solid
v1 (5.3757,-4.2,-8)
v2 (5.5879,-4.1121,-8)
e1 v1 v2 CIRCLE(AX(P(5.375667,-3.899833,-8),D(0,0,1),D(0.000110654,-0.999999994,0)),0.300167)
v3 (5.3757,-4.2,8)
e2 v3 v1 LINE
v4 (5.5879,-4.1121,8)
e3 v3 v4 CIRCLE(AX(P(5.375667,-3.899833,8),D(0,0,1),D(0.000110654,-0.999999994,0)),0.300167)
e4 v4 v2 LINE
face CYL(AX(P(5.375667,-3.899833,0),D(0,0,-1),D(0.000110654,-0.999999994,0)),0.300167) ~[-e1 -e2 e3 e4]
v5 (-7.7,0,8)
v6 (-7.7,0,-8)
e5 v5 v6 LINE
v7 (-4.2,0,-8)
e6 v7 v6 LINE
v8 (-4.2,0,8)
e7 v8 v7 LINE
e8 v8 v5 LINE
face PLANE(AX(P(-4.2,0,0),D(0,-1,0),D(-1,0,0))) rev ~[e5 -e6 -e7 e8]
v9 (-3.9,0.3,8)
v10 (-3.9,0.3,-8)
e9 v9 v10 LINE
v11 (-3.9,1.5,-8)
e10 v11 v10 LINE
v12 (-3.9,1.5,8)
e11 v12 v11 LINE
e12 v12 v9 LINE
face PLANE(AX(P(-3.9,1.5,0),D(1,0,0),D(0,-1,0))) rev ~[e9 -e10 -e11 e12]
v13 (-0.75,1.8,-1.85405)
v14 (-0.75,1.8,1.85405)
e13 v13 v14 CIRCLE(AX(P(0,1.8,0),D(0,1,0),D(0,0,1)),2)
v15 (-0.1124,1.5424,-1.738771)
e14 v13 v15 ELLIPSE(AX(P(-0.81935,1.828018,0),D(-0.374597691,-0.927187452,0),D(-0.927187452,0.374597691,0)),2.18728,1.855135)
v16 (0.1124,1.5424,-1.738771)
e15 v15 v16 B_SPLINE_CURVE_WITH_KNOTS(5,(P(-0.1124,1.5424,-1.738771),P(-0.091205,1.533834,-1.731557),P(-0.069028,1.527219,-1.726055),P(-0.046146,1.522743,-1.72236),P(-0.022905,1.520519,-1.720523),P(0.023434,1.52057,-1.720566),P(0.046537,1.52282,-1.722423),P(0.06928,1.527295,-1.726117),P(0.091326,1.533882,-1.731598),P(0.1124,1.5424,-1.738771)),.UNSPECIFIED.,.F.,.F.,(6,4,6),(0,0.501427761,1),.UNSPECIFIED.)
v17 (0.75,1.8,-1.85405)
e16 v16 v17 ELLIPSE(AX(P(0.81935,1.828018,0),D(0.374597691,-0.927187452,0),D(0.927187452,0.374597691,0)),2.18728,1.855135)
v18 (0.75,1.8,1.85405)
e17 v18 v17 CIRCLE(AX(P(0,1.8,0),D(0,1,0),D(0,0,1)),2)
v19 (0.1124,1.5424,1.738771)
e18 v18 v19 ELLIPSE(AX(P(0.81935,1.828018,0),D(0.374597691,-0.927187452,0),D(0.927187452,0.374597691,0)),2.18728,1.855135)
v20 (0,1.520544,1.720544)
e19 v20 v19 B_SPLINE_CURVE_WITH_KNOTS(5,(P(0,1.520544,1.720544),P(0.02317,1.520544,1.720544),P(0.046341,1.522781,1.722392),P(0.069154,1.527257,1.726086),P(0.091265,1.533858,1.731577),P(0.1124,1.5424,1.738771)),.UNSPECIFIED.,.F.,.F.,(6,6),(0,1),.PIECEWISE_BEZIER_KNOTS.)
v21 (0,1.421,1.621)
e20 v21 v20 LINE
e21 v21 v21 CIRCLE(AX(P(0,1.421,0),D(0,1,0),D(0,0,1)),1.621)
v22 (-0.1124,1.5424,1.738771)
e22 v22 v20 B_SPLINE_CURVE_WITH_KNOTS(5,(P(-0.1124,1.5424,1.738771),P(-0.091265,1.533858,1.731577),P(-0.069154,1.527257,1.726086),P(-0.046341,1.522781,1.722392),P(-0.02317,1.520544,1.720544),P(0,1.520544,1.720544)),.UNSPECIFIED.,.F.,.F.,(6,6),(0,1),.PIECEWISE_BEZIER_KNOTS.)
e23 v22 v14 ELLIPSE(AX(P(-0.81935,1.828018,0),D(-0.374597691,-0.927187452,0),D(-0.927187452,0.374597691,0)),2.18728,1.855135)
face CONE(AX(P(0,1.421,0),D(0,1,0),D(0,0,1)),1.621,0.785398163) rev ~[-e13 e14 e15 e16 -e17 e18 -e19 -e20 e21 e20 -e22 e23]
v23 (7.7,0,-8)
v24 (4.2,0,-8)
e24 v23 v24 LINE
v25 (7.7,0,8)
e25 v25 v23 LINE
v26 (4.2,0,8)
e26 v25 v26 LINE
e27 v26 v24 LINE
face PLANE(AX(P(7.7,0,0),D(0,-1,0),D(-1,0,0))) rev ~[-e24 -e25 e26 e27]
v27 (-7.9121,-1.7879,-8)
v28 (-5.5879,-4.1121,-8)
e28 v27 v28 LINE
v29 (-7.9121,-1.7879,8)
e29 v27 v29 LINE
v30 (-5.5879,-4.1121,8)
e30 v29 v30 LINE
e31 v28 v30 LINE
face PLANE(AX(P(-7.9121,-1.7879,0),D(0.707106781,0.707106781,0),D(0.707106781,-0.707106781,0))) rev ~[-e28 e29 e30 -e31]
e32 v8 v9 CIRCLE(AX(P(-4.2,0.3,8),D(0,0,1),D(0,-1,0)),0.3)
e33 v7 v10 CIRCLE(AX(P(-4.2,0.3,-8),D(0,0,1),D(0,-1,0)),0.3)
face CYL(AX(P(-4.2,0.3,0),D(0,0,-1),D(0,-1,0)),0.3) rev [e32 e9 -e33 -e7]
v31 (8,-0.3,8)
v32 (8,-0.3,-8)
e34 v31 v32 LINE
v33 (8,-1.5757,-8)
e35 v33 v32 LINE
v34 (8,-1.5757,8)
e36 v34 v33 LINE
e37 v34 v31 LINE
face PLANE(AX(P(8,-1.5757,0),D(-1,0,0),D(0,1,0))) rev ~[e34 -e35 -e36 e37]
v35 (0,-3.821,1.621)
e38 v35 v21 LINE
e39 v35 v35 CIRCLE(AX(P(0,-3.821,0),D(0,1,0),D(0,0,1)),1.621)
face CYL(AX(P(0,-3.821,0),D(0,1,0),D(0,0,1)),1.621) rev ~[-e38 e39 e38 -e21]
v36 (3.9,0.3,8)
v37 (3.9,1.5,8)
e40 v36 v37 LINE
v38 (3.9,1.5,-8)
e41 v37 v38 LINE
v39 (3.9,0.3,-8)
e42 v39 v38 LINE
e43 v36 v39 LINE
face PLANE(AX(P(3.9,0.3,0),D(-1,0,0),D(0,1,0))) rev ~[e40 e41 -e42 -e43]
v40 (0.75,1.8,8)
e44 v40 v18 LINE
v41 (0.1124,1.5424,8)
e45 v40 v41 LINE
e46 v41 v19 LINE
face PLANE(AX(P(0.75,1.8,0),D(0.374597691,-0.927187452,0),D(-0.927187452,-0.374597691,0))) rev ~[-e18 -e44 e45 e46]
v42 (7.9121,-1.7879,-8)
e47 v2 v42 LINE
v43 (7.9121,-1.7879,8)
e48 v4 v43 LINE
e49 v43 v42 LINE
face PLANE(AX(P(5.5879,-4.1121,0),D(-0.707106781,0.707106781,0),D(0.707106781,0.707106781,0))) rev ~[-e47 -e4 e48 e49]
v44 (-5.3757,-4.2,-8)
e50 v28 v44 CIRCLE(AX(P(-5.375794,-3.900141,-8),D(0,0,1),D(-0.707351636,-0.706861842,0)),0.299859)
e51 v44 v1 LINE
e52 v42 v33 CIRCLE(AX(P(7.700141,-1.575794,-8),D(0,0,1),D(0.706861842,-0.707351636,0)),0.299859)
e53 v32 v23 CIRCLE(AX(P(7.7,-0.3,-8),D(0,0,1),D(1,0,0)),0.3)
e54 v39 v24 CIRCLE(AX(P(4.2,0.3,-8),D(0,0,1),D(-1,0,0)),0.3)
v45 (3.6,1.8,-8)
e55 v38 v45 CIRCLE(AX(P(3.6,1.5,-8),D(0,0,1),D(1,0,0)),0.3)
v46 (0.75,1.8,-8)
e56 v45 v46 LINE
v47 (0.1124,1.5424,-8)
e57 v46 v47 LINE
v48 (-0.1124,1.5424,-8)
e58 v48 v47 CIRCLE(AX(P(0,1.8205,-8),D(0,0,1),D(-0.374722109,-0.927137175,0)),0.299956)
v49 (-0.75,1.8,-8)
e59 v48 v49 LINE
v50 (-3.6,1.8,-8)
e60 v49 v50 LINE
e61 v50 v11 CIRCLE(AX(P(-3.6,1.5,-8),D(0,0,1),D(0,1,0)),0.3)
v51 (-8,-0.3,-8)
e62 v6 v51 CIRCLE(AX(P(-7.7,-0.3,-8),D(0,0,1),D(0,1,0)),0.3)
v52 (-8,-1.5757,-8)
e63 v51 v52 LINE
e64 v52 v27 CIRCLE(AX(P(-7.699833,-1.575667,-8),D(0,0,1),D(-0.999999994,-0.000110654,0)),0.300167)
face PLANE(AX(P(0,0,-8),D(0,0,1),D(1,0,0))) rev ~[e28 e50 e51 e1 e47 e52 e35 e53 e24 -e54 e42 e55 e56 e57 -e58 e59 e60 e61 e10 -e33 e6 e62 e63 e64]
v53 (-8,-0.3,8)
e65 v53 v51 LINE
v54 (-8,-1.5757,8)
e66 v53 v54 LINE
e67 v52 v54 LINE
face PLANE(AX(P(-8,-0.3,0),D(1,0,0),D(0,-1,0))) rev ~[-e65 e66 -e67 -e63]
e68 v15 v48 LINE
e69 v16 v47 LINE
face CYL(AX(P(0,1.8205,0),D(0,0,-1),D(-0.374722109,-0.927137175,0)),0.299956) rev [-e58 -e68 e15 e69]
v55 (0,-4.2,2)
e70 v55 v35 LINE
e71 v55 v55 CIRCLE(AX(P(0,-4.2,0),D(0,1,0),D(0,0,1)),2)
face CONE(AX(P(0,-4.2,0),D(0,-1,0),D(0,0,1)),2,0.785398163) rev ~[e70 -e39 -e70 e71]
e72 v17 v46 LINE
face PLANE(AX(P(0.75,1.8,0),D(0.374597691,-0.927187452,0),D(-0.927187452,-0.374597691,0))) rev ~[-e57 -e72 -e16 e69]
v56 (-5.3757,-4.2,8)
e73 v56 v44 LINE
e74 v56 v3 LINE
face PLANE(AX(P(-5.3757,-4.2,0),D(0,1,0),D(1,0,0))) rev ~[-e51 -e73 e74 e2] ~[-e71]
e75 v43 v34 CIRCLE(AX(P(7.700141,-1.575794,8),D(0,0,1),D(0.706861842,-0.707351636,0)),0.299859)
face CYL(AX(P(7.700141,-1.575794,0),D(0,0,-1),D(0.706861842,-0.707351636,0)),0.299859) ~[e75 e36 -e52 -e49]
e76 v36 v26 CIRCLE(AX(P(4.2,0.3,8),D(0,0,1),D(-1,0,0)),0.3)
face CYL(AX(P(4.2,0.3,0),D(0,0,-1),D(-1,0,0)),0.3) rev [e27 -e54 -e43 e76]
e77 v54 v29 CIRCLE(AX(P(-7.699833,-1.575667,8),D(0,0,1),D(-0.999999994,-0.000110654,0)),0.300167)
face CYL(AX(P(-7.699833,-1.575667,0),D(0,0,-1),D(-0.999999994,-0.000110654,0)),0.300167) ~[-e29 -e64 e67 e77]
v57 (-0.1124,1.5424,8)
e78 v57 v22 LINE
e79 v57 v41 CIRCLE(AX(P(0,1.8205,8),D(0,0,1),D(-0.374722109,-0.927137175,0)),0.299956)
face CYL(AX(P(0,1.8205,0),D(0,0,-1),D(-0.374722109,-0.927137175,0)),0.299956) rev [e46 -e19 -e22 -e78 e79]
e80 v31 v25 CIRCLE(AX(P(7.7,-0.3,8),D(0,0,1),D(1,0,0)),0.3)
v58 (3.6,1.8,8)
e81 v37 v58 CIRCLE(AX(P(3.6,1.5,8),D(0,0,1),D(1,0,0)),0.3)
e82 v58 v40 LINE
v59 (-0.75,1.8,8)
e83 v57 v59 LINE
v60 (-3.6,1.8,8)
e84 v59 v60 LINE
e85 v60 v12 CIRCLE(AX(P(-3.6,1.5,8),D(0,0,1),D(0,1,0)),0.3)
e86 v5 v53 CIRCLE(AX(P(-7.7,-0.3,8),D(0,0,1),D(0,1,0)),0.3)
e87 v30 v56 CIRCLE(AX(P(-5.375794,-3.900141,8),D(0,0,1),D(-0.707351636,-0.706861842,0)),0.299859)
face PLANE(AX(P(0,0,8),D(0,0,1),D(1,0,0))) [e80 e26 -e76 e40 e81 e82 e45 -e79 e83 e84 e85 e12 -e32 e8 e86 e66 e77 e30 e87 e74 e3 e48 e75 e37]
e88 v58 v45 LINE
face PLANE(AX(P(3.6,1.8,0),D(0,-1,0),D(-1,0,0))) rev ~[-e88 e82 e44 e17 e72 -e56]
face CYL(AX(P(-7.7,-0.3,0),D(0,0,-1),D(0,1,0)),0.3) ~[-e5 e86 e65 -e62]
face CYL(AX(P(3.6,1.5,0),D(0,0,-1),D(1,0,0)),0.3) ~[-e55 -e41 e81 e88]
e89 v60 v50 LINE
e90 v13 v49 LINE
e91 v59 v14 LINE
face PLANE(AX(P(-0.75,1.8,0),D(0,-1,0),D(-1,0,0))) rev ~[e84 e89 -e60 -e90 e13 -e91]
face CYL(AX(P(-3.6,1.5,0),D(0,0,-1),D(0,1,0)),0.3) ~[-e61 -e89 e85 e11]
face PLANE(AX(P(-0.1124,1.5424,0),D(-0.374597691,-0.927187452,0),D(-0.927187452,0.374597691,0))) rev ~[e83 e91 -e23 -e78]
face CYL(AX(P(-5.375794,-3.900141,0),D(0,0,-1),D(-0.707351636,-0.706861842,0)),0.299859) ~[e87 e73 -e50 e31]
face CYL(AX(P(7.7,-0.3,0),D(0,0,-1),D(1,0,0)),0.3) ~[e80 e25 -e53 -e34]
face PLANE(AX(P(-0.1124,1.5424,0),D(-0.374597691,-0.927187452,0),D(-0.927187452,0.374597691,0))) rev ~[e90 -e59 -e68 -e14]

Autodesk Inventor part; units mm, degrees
ref_plane "YZ Plane" through (0, 0, 0) normal (1, 0, 0) x (0, 1, 0)
ref_plane "XZ Plane" through (0, 0, 0) normal (0, 1, 0) x (-1, 0, 0)
ref_plane "XY Plane" through (0, 0, 0) normal (0, 0, 1) x (1, 0, 0)
sketch "Sketch_1" plane through (0, 0, 0) normal (0, 0, 1) x (1, 0, 0)
  arc A0 (-8, -1.5757) -> (-7.9121, -1.7879) centre (-7.7, -1.5757) ccw
  line L0 (-7.9121, -1.7879) -> (-5.5879, -4.1121)
  arc A1 (-5.5879, -4.1121) -> (-5.3757, -4.2) centre (-5.3757, -3.9) ccw
  line L1 (-5.3757, -4.2) -> (5.3757, -4.2)
  arc A2 (5.3757, -4.2) -> (5.5879, -4.1121) centre (5.3757, -3.9) ccw
  line L2 (5.5879, -4.1121) -> (7.9121, -1.7879)
  arc A3 (7.9121, -1.7879) -> (8, -1.5757) centre (7.7, -1.5757) ccw
  line L3 (8, -1.5757) -> (8, -0.3)
  arc A4 (8, -0.3) -> (7.7, 0) centre (7.7, -0.3) ccw
  line L4 (7.7, 0) -> (4.2, 0)
  arc A5 (3.9, 0.3) -> (4.2, 0) centre (4.2, 0.3) ccw
  line L5 (3.9, 0.3) -> (3.9, 1.5)
  arc A6 (3.9, 1.5) -> (3.6, 1.8) centre (3.6, 1.5) ccw
  line L6 (3.6, 1.8) -> (0.75, 1.8)
  line L7 (0.75, 1.8) -> (0.1124, 1.5424)
  arc A7 (-0.1124, 1.5424) -> (0.1124, 1.5424) centre (0, 1.8205) ccw
  line L8 (-0.1124, 1.5424) -> (-0.75, 1.8)
  line L9 (-0.75, 1.8) -> (-3.6, 1.8)
  arc A8 (-3.6, 1.8) -> (-3.9, 1.5) centre (-3.6, 1.5) ccw
  line L10 (-3.9, 1.5) -> (-3.9, 0.3)
  arc A9 (-4.2, 0) -> (-3.9, 0.3) centre (-4.2, 0.3) ccw
  line L11 (-4.2, 0) -> (-7.7, 0)
  arc A10 (-7.7, 0) -> (-8, -0.3) centre (-7.7, -0.3) ccw
  line L12 (-8, -0.3) -> (-8, -1.5757)
extrude "Extrusion1" add sketch "Sketch_1" along normal mid plane 16
sketch "Sketch_2" plane through (0, 0, 0) normal (1, 0, 0) x (0, 1, 0)
  line L0 (1.8, 0) -> (-4.2, 0)
  line L1 (-4.2, 0) -> (-4.2, 2)
  line L2 (-4.2, 2) -> (-3.821, 1.621)
  line L3 (-3.821, 1.621) -> (1.421, 1.621)
  line L4 (1.421, 1.621) -> (1.8, 2)
  line L5 (1.8, 2) -> (1.8, 0)
  line L6 (1.8, 0) -> (-4.2, 0)
revolve "Revolution1" cut sketch "Sketch_2" angle 360 about axis through (0, 1.8, 0) along (0, 1, 0)
thread "Thread1" size "M4x0.7" class "6H" standard "ISO Metric profile" full length
properties part number "13022_m"
